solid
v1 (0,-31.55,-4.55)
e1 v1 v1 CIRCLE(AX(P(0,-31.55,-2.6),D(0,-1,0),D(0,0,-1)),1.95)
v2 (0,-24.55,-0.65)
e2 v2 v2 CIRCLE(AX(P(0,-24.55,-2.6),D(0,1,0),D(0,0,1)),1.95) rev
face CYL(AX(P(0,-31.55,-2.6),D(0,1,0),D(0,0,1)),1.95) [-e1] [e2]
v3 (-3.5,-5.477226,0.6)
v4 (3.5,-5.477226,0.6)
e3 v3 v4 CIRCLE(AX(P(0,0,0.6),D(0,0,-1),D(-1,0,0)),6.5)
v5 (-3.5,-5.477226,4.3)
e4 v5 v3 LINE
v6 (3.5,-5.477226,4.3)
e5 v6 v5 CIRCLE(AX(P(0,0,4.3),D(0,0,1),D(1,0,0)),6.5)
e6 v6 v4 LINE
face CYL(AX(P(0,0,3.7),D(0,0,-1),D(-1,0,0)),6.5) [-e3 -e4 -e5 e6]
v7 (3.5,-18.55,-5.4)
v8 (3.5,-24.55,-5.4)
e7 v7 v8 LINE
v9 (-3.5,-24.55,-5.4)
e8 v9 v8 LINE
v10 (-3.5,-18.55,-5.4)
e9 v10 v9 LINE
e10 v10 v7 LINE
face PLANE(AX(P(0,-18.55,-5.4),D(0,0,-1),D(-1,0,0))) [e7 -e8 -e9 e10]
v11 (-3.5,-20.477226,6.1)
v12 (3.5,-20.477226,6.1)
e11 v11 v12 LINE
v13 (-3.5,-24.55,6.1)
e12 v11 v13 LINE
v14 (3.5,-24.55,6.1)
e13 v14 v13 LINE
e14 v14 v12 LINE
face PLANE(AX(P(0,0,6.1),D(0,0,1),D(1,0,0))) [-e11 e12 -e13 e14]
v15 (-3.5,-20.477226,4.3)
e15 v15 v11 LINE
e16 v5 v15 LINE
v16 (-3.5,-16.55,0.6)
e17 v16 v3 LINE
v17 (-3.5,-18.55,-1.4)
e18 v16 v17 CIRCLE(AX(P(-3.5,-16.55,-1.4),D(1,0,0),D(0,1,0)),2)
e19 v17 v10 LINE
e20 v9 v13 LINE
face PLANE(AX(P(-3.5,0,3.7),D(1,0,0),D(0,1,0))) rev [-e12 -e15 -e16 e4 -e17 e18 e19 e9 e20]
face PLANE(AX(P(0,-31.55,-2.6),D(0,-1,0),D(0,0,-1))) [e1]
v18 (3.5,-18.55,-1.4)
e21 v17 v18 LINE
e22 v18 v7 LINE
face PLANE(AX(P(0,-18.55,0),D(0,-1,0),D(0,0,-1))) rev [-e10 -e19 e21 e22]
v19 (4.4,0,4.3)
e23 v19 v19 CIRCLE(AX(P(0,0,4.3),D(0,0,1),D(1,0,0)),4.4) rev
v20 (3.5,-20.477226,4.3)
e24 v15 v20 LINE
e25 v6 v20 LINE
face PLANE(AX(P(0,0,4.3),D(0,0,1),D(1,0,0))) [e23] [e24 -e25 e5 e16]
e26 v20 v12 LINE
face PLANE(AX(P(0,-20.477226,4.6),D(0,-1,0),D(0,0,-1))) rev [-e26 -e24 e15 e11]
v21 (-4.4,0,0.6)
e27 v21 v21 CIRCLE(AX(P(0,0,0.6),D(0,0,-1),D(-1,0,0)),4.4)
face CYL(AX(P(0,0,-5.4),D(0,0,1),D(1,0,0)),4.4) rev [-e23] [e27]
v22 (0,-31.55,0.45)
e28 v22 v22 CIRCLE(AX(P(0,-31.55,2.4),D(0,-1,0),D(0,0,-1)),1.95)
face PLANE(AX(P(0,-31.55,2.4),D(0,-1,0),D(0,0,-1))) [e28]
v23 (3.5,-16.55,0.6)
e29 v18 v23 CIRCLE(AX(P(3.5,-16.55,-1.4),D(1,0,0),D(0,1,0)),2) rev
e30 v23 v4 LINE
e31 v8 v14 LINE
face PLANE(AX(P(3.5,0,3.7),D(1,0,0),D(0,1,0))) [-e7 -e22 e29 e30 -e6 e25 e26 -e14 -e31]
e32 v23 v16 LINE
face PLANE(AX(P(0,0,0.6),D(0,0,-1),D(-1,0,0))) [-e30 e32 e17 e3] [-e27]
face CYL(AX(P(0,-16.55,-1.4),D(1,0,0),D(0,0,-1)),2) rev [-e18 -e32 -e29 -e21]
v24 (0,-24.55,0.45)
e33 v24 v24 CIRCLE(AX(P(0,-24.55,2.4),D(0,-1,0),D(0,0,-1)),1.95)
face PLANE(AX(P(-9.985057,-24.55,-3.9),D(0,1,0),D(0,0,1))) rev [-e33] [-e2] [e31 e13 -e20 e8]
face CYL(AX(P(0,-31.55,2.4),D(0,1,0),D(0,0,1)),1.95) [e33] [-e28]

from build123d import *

# Parameters (mm, degrees)
BOSS_EXTRUDE1_DEPTH     = 3.7
SKETCH2_W               = 0.6
SKETCH2_H               = 16.95
CUT_EXTRUDE1_DEPTH      = 10
CUT_EXTRUDE1_DEPTH_BACK = 10
SKETCH3_R               = 2.95
SKETCH3_R_2             = 1.5
BOSS_EXTRUDE2_DEPTH     = 3.1
SKETCH4_R               = 2.5
CUT_EXTRUDE2_DEPTH      = 1.5
SKETCH5_R               = 1.5
BOSS_EXTRUDE3_DEPTH     = 0.4
SKETCH6_R               = 2.95
BOSS_EXTRUDE4_DEPTH     = 2.4
SKETCH7_W               = 22.104564564
SKETCH7_H               = 50.546801486
CUT_EXTRUDE3_DEPTH      = 0.6
SKETCH8_R               = 1.5
BOSS_EXTRUDE5_DEPTH     = 2.6
SKETCH9_R               = 5.5
SKETCH9_R_2             = 3.5
BOSS_EXTRUDE6_DEPTH     = 5.5
SKETCH10_W              = 7
SKETCH10_H              = 7
CUT_EXTRUDE4_DEPTH      = 5.5
SKETCH11_W              = 20.865326807
SKETCH11_H              = 17.809349761
CUT_EXTRUDE5_DEPTH      = 10
SKETCH12_W              = 7
SKETCH12_H              = 6
BOSS_EXTRUDE7_DEPTH     = 6
FILLET1_R               = 2
SKETCH13_R              = 1.95
BOSS_EXTRUDE8_DEPTH     = 7
SKETCH14_R              = 2.95
CUT_EXTRUDE6_DEPTH      = 1.5
SKETCH15_R              = 2.95
BOSS_EXTRUDE9_DEPTH     = 4
SKETCH16_R              = 4.4
CUT_EXTRUDE7_DEPTH      = 34.729104643
SKETCH19_W              = 21.129428132
SKETCH19_H              = 30.590898574
CUT_EXTRUDE10_DEPTH     = 0.3


with BuildPart() as part:
    # Sketch1 → Boss-Extrude1 (new body)
    with BuildSketch(Plane.XY):
        with BuildLine():
            ThreePointArc((3.5, -5.477225575), (0, -6.5), (-3.5, -5.477225575))
            Line((-3.5, -5.477225575), (-3.5, -29.522774425))
            ThreePointArc((-3.5, -29.522774425), (0, -28.5), (3.5, -29.522774425))
            Line((3.5, -29.522774425), (3.5, -5.477225575))
        make_face()
        with BuildLine():
            ThreePointArc((-3.5, -4.242640687), (-4.974937186, -2.34520788), (-5.5, 0))
            ThreePointArc((-5.5, 0), (-4.387482194, 3.31662479), (-1.5, 5.291502622))
            ThreePointArc((-1.5, 5.291502622), (0, 5.5), (1.5, 5.291502622))
            ThreePointArc((1.5, 5.291502622), (4.387482194, 3.31662479), (5.5, 0))
            ThreePointArc((5.5, 0), (4.974937186, -2.34520788), (3.5, -4.242640687))
            Line((3.5, -4.242640687), (3.5, -5.477225575))
            ThreePointArc((3.5, -5.477225575), (5.700877125, -3.122498999), (6.5, 0))
            ThreePointArc((6.5, 0), (-3.122498999, 5.700877125), (-3.5, -5.477225575))
            Line((-3.5, -5.477225575), (-3.5, -4.242640687))
        make_face()
        with BuildLine():
            ThreePointArc((3.5, -4.242640687), (0, -5.5), (-3.5, -4.242640687))
            Line((-3.5, -4.242640687), (-3.5, -5.477225575))
            ThreePointArc((-3.5, -5.477225575), (0, -6.5), (3.5, -5.477225575))
            Line((3.5, -5.477225575), (3.5, -4.242640687))
        make_face()
        with BuildLine():
            ThreePointArc((3.5, 0), (0, -3.5), (-3.5, 0))
            Line((-3.5, 0), (-3.5, -4.242640687))
            ThreePointArc((-3.5, -4.242640687), (0, -5.5), (3.5, -4.242640687))
            Line((3.5, -4.242640687), (3.5, 0))
        make_face()
        with BuildLine():
            ThreePointArc((-3.5, -4.242640687), (-4.974937186, -2.34520788), (-5.5, 0))
            ThreePointArc((-5.5, 0), (-4.387482194, 3.31662479), (-1.5, 5.291502622))
            ThreePointArc((-1.5, 5.291502622), (0, 5.5), (1.5, 5.291502622))
            ThreePointArc((1.5, 5.291502622), (4.387482194, 3.31662479), (5.5, 0))
            ThreePointArc((5.5, 0), (4.974937186, -2.34520788), (3.5, -4.242640687))
            Line((3.5, -4.242640687), (3.5, -5.477225575))
            ThreePointArc((3.5, -5.477225575), (5.700877125, -3.122498999), (6.5, 0))
            ThreePointArc((6.5, 0), (-3.122498999, 5.700877125), (-3.5, -5.477225575))
            Line((-3.5, -5.477225575), (-3.5, -4.242640687))
        make_face()
        with BuildLine():
            ThreePointArc((3.5, -4.242640687), (0, -5.5), (-3.5, -4.242640687))
            Line((-3.5, -4.242640687), (-3.5, -5.477225575))
            ThreePointArc((-3.5, -5.477225575), (0, -6.5), (3.5, -5.477225575))
            Line((3.5, -5.477225575), (3.5, -4.242640687))
        make_face()
        with BuildLine():
            ThreePointArc((3.5, -29.522774425), (0, -28.5), (-3.5, -29.522774425))
            Line((-3.5, -29.522774425), (-3.5, -30.757359313))
            ThreePointArc((-3.5, -30.757359313), (0, -29.5), (3.5, -30.757359313))
            Line((3.5, -30.757359313), (3.5, -29.522774425))
        make_face()
        with BuildLine():
            Line((-3.5, -30.757359313), (-3.5, -29.522774425))
            ThreePointArc((-3.5, -29.522774425), (-3.122498999, -40.700877125), (6.5, -35))
            ThreePointArc((6.5, -35), (5.700877125, -31.877501001), (3.5, -29.522774425))
            Line((3.5, -29.522774425), (3.5, -30.757359313))
            ThreePointArc((3.5, -30.757359313), (4.974937186, -32.65479212), (5.5, -35))
            ThreePointArc((5.5, -35), (4.387482194, -38.31662479), (1.5, -40.291502622))
            ThreePointArc((1.5, -40.291502622), (0, -40.5), (-1.5, -40.291502622))
            ThreePointArc((-1.5, -40.291502622), (-4.387482194, -38.31662479), (-5.5, -35))
            ThreePointArc((-5.5, -35), (-4.974937186, -32.65479212), (-3.5, -30.757359313))
        make_face()
        with BuildLine():
            ThreePointArc((3.5, -29.522774425), (0, -28.5), (-3.5, -29.522774425))
            Line((-3.5, -29.522774425), (-3.5, -30.757359313))
            ThreePointArc((-3.5, -30.757359313), (0, -29.5), (3.5, -30.757359313))
            Line((3.5, -30.757359313), (3.5, -29.522774425))
        make_face()
        with BuildLine():
            Line((-3.5, -30.757359313), (-3.5, -29.522774425))
            ThreePointArc((-3.5, -29.522774425), (-3.122498999, -40.700877125), (6.5, -35))
            ThreePointArc((6.5, -35), (5.700877125, -31.877501001), (3.5, -29.522774425))
            Line((3.5, -29.522774425), (3.5, -30.757359313))
            ThreePointArc((3.5, -30.757359313), (4.974937186, -32.65479212), (5.5, -35))
            ThreePointArc((5.5, -35), (4.387482194, -38.31662479), (1.5, -40.291502622))
            ThreePointArc((1.5, -40.291502622), (0, -40.5), (-1.5, -40.291502622))
            ThreePointArc((-1.5, -40.291502622), (-4.387482194, -38.31662479), (-5.5, -35))
            ThreePointArc((-5.5, -35), (-4.974937186, -32.65479212), (-3.5, -30.757359313))
        make_face()
        with BuildLine():
            ThreePointArc((3.5, -30.757359313), (0, -29.5), (-3.5, -30.757359313))
            Line((-3.5, -30.757359313), (-3.5, -35))
            ThreePointArc((-3.5, -35), (0, -31.5), (3.5, -35))
            Line((3.5, -35), (3.5, -30.757359313))
        make_face()
        with BuildLine():
            Line((-3.5, -35), (-3.5, -30.757359313))
            ThreePointArc((-3.5, -30.757359313), (-4.974937186, -32.65479212), (-5.5, -35))
            Line((-5.5, -35), (-3.5, -35))
        make_face()
        with BuildLine():
            ThreePointArc((5.5, -35), (4.974937186, -32.65479212), (3.5, -30.757359313))
            Line((3.5, -30.757359313), (3.5, -35))
            Line((3.5, -35), (5.5, -35))
        make_face()
        with BuildLine():
            ThreePointArc((3.5, -35), (0, -31.5), (-3.5, -35))
            Line((-3.5, -35), (-2.95, -35))
            ThreePointArc((-2.95, -35), (0, -32.05), (2.95, -35))
            Line((2.95, -35), (3.5, -35))
        make_face()
        with BuildLine():
            Line((-2.95, -35), (-3.5, -35))
            ThreePointArc((-3.5, -35), (-2.958039892, -36.870828693), (-1.5, -38.16227766))
            ThreePointArc((-1.5, -38.16227766), (0, -38.5), (1.5, -38.16227766))
            ThreePointArc((1.5, -38.16227766), (2.958039892, -36.870828693), (3.5, -35))
            Line((3.5, -35), (2.95, -35))
            ThreePointArc((2.95, -35), (0, -37.95), (-2.95, -35))
        make_face()
        with BuildLine():
            ThreePointArc((3.5, -35), (0, -31.5), (-3.5, -35))
            Line((-3.5, -35), (-2.95, -35))
            ThreePointArc((-2.95, -35), (0, -32.05), (2.95, -35))
            Line((2.95, -35), (3.5, -35))
        make_face()
        with BuildLine():
            Line((-2.95, -35), (-3.5, -35))
            ThreePointArc((-3.5, -35), (-2.958039892, -36.870828693), (-1.5, -38.16227766))
            ThreePointArc((-1.5, -38.16227766), (0, -38.5), (1.5, -38.16227766))
            ThreePointArc((1.5, -38.16227766), (2.958039892, -36.870828693), (3.5, -35))
            Line((3.5, -35), (2.95, -35))
            ThreePointArc((2.95, -35), (0, -37.95), (-2.95, -35))
        make_face()
        with BuildLine():
            Line((-1.5, 5.291502622), (-1.5, 3.16227766))
            ThreePointArc((-1.5, 3.16227766), (0, 3.5), (1.5, 3.16227766))
            Line((1.5, 3.16227766), (1.5, 5.291502622))
            ThreePointArc((1.5, 5.291502622), (0, 5.5), (-1.5, 5.291502622))
        make_face()
        with BuildLine():
            Line((-3.5, -4.242640687), (-3.5, 0))
            Line((-3.5, 0), (-5.5, 0))
            ThreePointArc((-5.5, 0), (-4.974937186, -2.34520788), (-3.5, -4.242640687))
        make_face()
        with BuildLine():
            Line((5.5, 0), (3.5, 0))
            Line((3.5, 0), (3.5, -4.242640687))
            ThreePointArc((3.5, -4.242640687), (4.974937186, -2.34520788), (5.5, 0))
        make_face()
        with BuildLine():
            ThreePointArc((-1.5, 3.16227766), (-2.958039892, 1.870828693), (-3.5, 0))
            Line((-3.5, 0), (-2.95, 0))
            ThreePointArc((-2.95, 0), (0, 2.95), (2.95, 0))
            Line((2.95, 0), (3.5, 0))
            ThreePointArc((3.5, 0), (2.958039892, 1.870828693), (1.5, 3.16227766))
            ThreePointArc((1.5, 3.16227766), (0, 3.5), (-1.5, 3.16227766))
        make_face()
        with BuildLine():
            Line((-2.95, 0), (-3.5, 0))
            ThreePointArc((-3.5, 0), (0, -3.5), (3.5, 0))
            Line((3.5, 0), (2.95, 0))
            ThreePointArc((2.95, 0), (0, -2.95), (-2.95, 0))
        make_face()
        with BuildLine():
            ThreePointArc((-1.5, 3.16227766), (-2.958039892, 1.870828693), (-3.5, 0))
            Line((-3.5, 0), (-2.95, 0))
            ThreePointArc((-2.95, 0), (0, 2.95), (2.95, 0))
            Line((2.95, 0), (3.5, 0))
            ThreePointArc((3.5, 0), (2.958039892, 1.870828693), (1.5, 3.16227766))
            ThreePointArc((1.5, 3.16227766), (0, 3.5), (-1.5, 3.16227766))
        make_face()
        with BuildLine():
            Line((-2.95, 0), (-3.5, 0))
            ThreePointArc((-3.5, 0), (0, -3.5), (3.5, 0))
            Line((3.5, 0), (2.95, 0))
            ThreePointArc((2.95, 0), (0, -2.95), (-2.95, 0))
        make_face()
        with BuildLine():
            ThreePointArc((1.5, -38.16227766), (0, -38.5), (-1.5, -38.16227766))
            Line((-1.5, -38.16227766), (-1.5, -40.291502622))
            ThreePointArc((-1.5, -40.291502622), (0, -40.5), (1.5, -40.291502622))
            Line((1.5, -40.291502622), (1.5, -38.16227766))
        make_face()
    extrude(amount=BOSS_EXTRUDE1_DEPTH)

    # Sketch2 → Cut-Extrude1 (cut, two sides)
    with BuildSketch(Plane(origin=(0, 0, 0), x_dir=(0, 0, -1), z_dir=(1, 0, 0))) as cut_extrude1_sk:
        with Locations((-3.4, -33.025)):
            Rectangle(SKETCH2_W, SKETCH2_H)
    extrude(amount=CUT_EXTRUDE1_DEPTH, mode=Mode.SUBTRACT)
    extrude(cut_extrude1_sk.sketch, amount=-CUT_EXTRUDE1_DEPTH_BACK, mode=Mode.SUBTRACT)

    # Sketch3 → Boss-Extrude2 (add)
    with BuildSketch(Plane(origin=(0, 0, 0), x_dir=(-1, 0, 0), z_dir=(0, 0, -1))):
        with Locations((0, -35)):
            Circle(SKETCH3_R)
        with Locations((0, -35)):
            Circle(SKETCH3_R_2, mode=Mode.SUBTRACT)
    extrude(amount=-BOSS_EXTRUDE2_DEPTH)

    # Sketch4 → Cut-Extrude2 (cut)
    with BuildSketch(Plane(origin=(0, 0, 0), x_dir=(-1, 0, 0), z_dir=(0, 0, -1))):
        with Locations((0, -35)):
            Circle(SKETCH4_R)
    extrude(amount=-CUT_EXTRUDE2_DEPTH, mode=Mode.SUBTRACT)

    # Sketch5 → Boss-Extrude3 (add)
    with BuildSketch(Plane.XY.offset(3.1)):
        with BuildLine():
            Line((3.5, -24.55), (-3.5, -24.55))
            Line((-3.5, -24.55), (-3.5, -29.522774425))
            ThreePointArc((-3.5, -29.522774425), (0, -41.5), (3.5, -29.522774425))
            Line((3.5, -29.522774425), (3.5, -24.55))
        make_face()
        with BuildLine():
            Line((-5.5, -35), (-3.5, -35))
            ThreePointArc((-3.5, -35), (-2.958039892, -36.870828693), (-1.5, -38.16227766))
            Line((-1.5, -38.16227766), (-1.5, -40.291502622))
            ThreePointArc((-1.5, -40.291502622), (-4.387482194, -38.31662479), (-5.5, -35))
        make_face(mode=Mode.SUBTRACT)
        with BuildLine():
            ThreePointArc((1.5, -38.16227766), (2.958039892, -36.870828693), (3.5, -35))
            Line((3.5, -35), (5.5, -35))
            ThreePointArc((5.5, -35), (4.387482194, -38.31662479), (1.5, -40.291502622))
            Line((1.5, -40.291502622), (1.5, -38.16227766))
        make_face(mode=Mode.SUBTRACT)
        with Locations(Location((0, -35, 0), (0, 0, 180))):
            Circle(SKETCH5_R, mode=Mode.SUBTRACT)
    extrude(amount=BOSS_EXTRUDE3_DEPTH)

    # Sketch6 → Boss-Extrude4 (add)
    with BuildSketch(Plane.XY.offset(3.7)):
        with BuildLine():
            Line((-3.5, -5.477225575), (-3.5, -24.55))
            Line((-3.5, -24.55), (3.5, -24.55))
            Line((3.5, -24.55), (3.5, -5.477225575))
            ThreePointArc((3.5, -5.477225575), (0, 6.5), (-3.5, -5.477225575))
        make_face()
        Circle(SKETCH6_R, mode=Mode.SUBTRACT)
        with BuildLine():
            Line((-1.5, 5.291502622), (-1.5, 3.16227766))
            ThreePointArc((-1.5, 3.16227766), (-2.958039892, 1.870828693), (-3.5, 0))
            Line((-3.5, 0), (-5.5, 0))
            ThreePointArc((-5.5, 0), (-4.387482194, 3.31662479), (-1.5, 5.291502622))
        make_face(mode=Mode.SUBTRACT)
        with BuildLine():
            Line((1.5, 5.291502622), (1.5, 3.16227766))
            ThreePointArc((1.5, 3.16227766), (2.958039892, 1.870828693), (3.5, 0))
            Line((3.5, 0), (5.5, 0))
            ThreePointArc((5.5, 0), (4.387482194, 3.31662479), (1.5, 5.291502622))
        make_face(mode=Mode.SUBTRACT)
    extrude(amount=BOSS_EXTRUDE4_DEPTH)

    # Sketch7 → Cut-Extrude3 (cut)
    with BuildSketch(Plane.XY):
        with Locations((0.952758093, -17.453923436)):
            Rectangle(SKETCH7_W, SKETCH7_H)
    extrude(amount=CUT_EXTRUDE3_DEPTH, mode=Mode.SUBTRACT)

    # Sketch8 → Boss-Extrude5 (add)
    with BuildSketch(Plane.XY.offset(3.5)):
        with BuildLine():
            Line((-3.5, -24.55), (-3.5, -29.522774425))
            ThreePointArc((-3.5, -29.522774425), (0, -28.5), (3.5, -29.522774425))
            Line((3.5, -29.522774425), (3.5, -24.55))
            Line((3.5, -24.55), (-3.5, -24.55))
        make_face()
        with BuildLine():
            ThreePointArc((-3.5, -35), (-2.958039892, -36.870828693), (-1.5, -38.16227766))
            ThreePointArc((-1.5, -38.16227766), (0, -38.5), (1.5, -38.16227766))
            ThreePointArc((1.5, -38.16227766), (2.958039892, -36.870828693), (3.5, -35))
            ThreePointArc((3.5, -35), (0, -31.5), (-3.5, -35))
        make_face()
        with Locations(Location((0, -35, 0), (0, 0, 180))):
            Circle(SKETCH8_R, mode=Mode.SUBTRACT)
        with BuildLine():
            Line((-5.5, -35), (-3.5, -35))
            ThreePointArc((-3.5, -35), (0, -31.5), (3.5, -35))
            Line((3.5, -35), (5.5, -35))
            ThreePointArc((5.5, -35), (4.062019202, -31.291900756), (0.5, -29.522774425))
            Line((0.5, -29.522774425), (-0.5, -29.522774425))
            ThreePointArc((-0.5, -29.522774425), (-4.062019202, -31.291900756), (-5.5, -35))
        make_face()
        with BuildLine():
            ThreePointArc((1.5, -40.291502622), (0, -40.5), (-1.5, -40.291502622))
            ThreePointArc((-1.5, -40.291502622), (-4.387482194, -38.31662479), (-5.5, -35))
            ThreePointArc((-5.5, -35), (-4.062019202, -31.291900756), (-0.5, -29.522774425))
            Line((-0.5, -29.522774425), (-3.5, -29.522774425))
            ThreePointArc((-3.5, -29.522774425), (-3.122498999, -40.700877125), (6.5, -35))
            ThreePointArc((6.5, -35), (5.700877125, -31.877501001), (3.5, -29.522774425))
            Line((3.5, -29.522774425), (0.5, -29.522774425))
            ThreePointArc((0.5, -29.522774425), (4.062019202, -31.291900756), (5.5, -35))
            ThreePointArc((5.5, -35), (4.387482194, -38.31662479), (1.5, -40.291502622))
        make_face()
        with BuildLine():
            ThreePointArc((1.5, -38.16227766), (0, -38.5), (-1.5, -38.16227766))
            Line((-1.5, -38.16227766), (-1.5, -40.291502622))
            ThreePointArc((-1.5, -40.291502622), (0, -40.5), (1.5, -40.291502622))
            Line((1.5, -40.291502622), (1.5, -38.16227766))
        make_face()
        with BuildLine():
            ThreePointArc((0.5, -29.522774425), (0, -29.5), (-0.5, -29.522774425))
            Line((-0.5, -29.522774425), (0.5, -29.522774425))
        make_face()
        with BuildLine():
            ThreePointArc((1.5, -40.291502622), (0, -40.5), (-1.5, -40.291502622))
            ThreePointArc((-1.5, -40.291502622), (-4.387482194, -38.31662479), (-5.5, -35))
            ThreePointArc((-5.5, -35), (-4.062019202, -31.291900756), (-0.5, -29.522774425))
            Line((-0.5, -29.522774425), (-3.5, -29.522774425))
            ThreePointArc((-3.5, -29.522774425), (-3.122498999, -40.700877125), (6.5, -35))
            ThreePointArc((6.5, -35), (5.700877125, -31.877501001), (3.5, -29.522774425))
            Line((3.5, -29.522774425), (0.5, -29.522774425))
            ThreePointArc((0.5, -29.522774425), (4.062019202, -31.291900756), (5.5, -35))
            ThreePointArc((5.5, -35), (4.387482194, -38.31662479), (1.5, -40.291502622))
        make_face()
        with BuildLine():
            Line((-3.5, -29.522774425), (-0.5, -29.522774425))
            ThreePointArc((-0.5, -29.522774425), (0, -29.5), (0.5, -29.522774425))
            Line((0.5, -29.522774425), (3.5, -29.522774425))
            ThreePointArc((3.5, -29.522774425), (0, -28.5), (-3.5, -29.522774425))
        make_face()
    extrude(amount=BOSS_EXTRUDE5_DEPTH)

    # Sketch9 → Boss-Extrude6 (add)
    with BuildSketch(Plane.XY.offset(6.1)):
        with Locations((0, -35)):
            Circle(SKETCH9_R)
        with Locations((0, -35)):
            Circle(SKETCH9_R_2, mode=Mode.SUBTRACT)
    extrude(amount=-BOSS_EXTRUDE6_DEPTH)

    # Sketch10 → Cut-Extrude4 (cut)
    with BuildSketch(Plane.XY.offset(6.1)):
        with Locations((0, -35)):
            Rectangle(SKETCH10_W, SKETCH10_H)
    extrude(amount=-CUT_EXTRUDE4_DEPTH, mode=Mode.SUBTRACT)

    # Sketch11 → Cut-Extrude5 (cut)
    with BuildSketch(Plane.XY.offset(6.1)):
        with Locations((0.447606021, -33.454674881)):
            Rectangle(SKETCH11_W, SKETCH11_H)
    extrude(amount=-CUT_EXTRUDE5_DEPTH, mode=Mode.SUBTRACT)

    # Sketch12 → Boss-Extrude7 (add)
    with BuildSketch(Plane.XZ.offset(24.55)):
        with Locations((0, -2.4)):
            Rectangle(SKETCH12_W, SKETCH12_H)
    extrude(amount=-BOSS_EXTRUDE7_DEPTH)

    # Fillet1
    fillet1_edges = [part.edges().sort_by_distance(p)[0] for p in [
        (0, -18.55, 0.6),
    ]]
    fillet(fillet1_edges, radius=FILLET1_R)

    # Sketch13 → Boss-Extrude8 (add)
    with BuildSketch(Plane.XZ.offset(24.55)):
        with Locations(Location((0, 2.4, 0), (0, 0, 270))):
            Circle(SKETCH13_R)
        with Locations(Location((0, -2.6, 0), (0, 0, 90))):
            Circle(SKETCH13_R)
    extrude(amount=BOSS_EXTRUDE8_DEPTH)

    # Sketch14 → Cut-Extrude6 (cut)
    with BuildSketch(Plane.XY.offset(6.1)):
        with BuildLine():
            ThreePointArc((3.5, -5.477225575), (0, -6.5), (-3.5, -5.477225575))
            Line((-3.5, -5.477225575), (-3.5, -20.477225575))
            Line((-3.5, -20.477225575), (3.5, -20.477225575))
            Line((3.5, -20.477225575), (3.5, -5.477225575))
        make_face()
        with BuildLine():
            Line((-3.5, -5.477225575), (3.5, -5.477225575))
            ThreePointArc((3.5, -5.477225575), (0, 6.5), (-3.5, -5.477225575))
        make_face()
        with Locations(Location((0, 0, 0), (0, 0, 180))):
            Circle(SKETCH14_R, mode=Mode.SUBTRACT)
        with BuildLine():
            ThreePointArc((3.5, 0), (2.958039892, 1.870828693), (1.5, 3.16227766))
            Line((1.5, 3.16227766), (1.5, 5.291502622))
            ThreePointArc((1.5, 5.291502622), (4.387482194, 3.31662479), (5.5, 0))
            Line((5.5, 0), (3.5, 0))
        make_face(mode=Mode.SUBTRACT)
        with BuildLine():
            ThreePointArc((-1.5, 3.16227766), (-2.958039892, 1.870828693), (-3.5, 0))
            Line((-3.5, 0), (-5.5, 0))
            ThreePointArc((-5.5, 0), (-4.387482194, 3.31662479), (-1.5, 5.291502622))
            Line((-1.5, 5.291502622), (-1.5, 3.16227766))
        make_face(mode=Mode.SUBTRACT)
        with BuildLine():
            Line((3.5, -5.477225575), (-3.5, -5.477225575))
            ThreePointArc((-3.5, -5.477225575), (0, -6.5), (3.5, -5.477225575))
        make_face()
    extrude(amount=-CUT_EXTRUDE6_DEPTH, mode=Mode.SUBTRACT)

    # Sketch15 → Boss-Extrude9 (add)
    with BuildSketch(Plane.XY.offset(4.6)):
        with BuildLine():
            Line((3.5, -20.477225575), (3.5, -5.477225575))
            ThreePointArc((3.5, -5.477225575), (0, 6.5), (-3.5, -5.477225575))
            Line((-3.5, -5.477225575), (-3.5, -20.477225575))
            Line((-3.5, -20.477225575), (3.5, -20.477225575))
        make_face()
        with Locations(Location((0, 0, 0), (0, 0, 180))):
            Circle(SKETCH15_R, mode=Mode.SUBTRACT)
    extrude(amount=-BOSS_EXTRUDE9_DEPTH)

    # Sketch16 → Cut-Extrude7 (cut, through all)
    with BuildSketch(Plane.XY.offset(4.6)):
        Circle(SKETCH16_R)
    extrude(amount=-CUT_EXTRUDE7_DEPTH, mode=Mode.SUBTRACT)

    # Sketch19 → Cut-Extrude10 (cut)
    with BuildSketch(Plane.XY.offset(4.6)):
        with Locations((-0.188655608, -5.181776288)):
            Rectangle(SKETCH19_W, SKETCH19_H)
    extrude(amount=-CUT_EXTRUDE10_DEPTH, mode=Mode.SUBTRACT)


solid = part.part
